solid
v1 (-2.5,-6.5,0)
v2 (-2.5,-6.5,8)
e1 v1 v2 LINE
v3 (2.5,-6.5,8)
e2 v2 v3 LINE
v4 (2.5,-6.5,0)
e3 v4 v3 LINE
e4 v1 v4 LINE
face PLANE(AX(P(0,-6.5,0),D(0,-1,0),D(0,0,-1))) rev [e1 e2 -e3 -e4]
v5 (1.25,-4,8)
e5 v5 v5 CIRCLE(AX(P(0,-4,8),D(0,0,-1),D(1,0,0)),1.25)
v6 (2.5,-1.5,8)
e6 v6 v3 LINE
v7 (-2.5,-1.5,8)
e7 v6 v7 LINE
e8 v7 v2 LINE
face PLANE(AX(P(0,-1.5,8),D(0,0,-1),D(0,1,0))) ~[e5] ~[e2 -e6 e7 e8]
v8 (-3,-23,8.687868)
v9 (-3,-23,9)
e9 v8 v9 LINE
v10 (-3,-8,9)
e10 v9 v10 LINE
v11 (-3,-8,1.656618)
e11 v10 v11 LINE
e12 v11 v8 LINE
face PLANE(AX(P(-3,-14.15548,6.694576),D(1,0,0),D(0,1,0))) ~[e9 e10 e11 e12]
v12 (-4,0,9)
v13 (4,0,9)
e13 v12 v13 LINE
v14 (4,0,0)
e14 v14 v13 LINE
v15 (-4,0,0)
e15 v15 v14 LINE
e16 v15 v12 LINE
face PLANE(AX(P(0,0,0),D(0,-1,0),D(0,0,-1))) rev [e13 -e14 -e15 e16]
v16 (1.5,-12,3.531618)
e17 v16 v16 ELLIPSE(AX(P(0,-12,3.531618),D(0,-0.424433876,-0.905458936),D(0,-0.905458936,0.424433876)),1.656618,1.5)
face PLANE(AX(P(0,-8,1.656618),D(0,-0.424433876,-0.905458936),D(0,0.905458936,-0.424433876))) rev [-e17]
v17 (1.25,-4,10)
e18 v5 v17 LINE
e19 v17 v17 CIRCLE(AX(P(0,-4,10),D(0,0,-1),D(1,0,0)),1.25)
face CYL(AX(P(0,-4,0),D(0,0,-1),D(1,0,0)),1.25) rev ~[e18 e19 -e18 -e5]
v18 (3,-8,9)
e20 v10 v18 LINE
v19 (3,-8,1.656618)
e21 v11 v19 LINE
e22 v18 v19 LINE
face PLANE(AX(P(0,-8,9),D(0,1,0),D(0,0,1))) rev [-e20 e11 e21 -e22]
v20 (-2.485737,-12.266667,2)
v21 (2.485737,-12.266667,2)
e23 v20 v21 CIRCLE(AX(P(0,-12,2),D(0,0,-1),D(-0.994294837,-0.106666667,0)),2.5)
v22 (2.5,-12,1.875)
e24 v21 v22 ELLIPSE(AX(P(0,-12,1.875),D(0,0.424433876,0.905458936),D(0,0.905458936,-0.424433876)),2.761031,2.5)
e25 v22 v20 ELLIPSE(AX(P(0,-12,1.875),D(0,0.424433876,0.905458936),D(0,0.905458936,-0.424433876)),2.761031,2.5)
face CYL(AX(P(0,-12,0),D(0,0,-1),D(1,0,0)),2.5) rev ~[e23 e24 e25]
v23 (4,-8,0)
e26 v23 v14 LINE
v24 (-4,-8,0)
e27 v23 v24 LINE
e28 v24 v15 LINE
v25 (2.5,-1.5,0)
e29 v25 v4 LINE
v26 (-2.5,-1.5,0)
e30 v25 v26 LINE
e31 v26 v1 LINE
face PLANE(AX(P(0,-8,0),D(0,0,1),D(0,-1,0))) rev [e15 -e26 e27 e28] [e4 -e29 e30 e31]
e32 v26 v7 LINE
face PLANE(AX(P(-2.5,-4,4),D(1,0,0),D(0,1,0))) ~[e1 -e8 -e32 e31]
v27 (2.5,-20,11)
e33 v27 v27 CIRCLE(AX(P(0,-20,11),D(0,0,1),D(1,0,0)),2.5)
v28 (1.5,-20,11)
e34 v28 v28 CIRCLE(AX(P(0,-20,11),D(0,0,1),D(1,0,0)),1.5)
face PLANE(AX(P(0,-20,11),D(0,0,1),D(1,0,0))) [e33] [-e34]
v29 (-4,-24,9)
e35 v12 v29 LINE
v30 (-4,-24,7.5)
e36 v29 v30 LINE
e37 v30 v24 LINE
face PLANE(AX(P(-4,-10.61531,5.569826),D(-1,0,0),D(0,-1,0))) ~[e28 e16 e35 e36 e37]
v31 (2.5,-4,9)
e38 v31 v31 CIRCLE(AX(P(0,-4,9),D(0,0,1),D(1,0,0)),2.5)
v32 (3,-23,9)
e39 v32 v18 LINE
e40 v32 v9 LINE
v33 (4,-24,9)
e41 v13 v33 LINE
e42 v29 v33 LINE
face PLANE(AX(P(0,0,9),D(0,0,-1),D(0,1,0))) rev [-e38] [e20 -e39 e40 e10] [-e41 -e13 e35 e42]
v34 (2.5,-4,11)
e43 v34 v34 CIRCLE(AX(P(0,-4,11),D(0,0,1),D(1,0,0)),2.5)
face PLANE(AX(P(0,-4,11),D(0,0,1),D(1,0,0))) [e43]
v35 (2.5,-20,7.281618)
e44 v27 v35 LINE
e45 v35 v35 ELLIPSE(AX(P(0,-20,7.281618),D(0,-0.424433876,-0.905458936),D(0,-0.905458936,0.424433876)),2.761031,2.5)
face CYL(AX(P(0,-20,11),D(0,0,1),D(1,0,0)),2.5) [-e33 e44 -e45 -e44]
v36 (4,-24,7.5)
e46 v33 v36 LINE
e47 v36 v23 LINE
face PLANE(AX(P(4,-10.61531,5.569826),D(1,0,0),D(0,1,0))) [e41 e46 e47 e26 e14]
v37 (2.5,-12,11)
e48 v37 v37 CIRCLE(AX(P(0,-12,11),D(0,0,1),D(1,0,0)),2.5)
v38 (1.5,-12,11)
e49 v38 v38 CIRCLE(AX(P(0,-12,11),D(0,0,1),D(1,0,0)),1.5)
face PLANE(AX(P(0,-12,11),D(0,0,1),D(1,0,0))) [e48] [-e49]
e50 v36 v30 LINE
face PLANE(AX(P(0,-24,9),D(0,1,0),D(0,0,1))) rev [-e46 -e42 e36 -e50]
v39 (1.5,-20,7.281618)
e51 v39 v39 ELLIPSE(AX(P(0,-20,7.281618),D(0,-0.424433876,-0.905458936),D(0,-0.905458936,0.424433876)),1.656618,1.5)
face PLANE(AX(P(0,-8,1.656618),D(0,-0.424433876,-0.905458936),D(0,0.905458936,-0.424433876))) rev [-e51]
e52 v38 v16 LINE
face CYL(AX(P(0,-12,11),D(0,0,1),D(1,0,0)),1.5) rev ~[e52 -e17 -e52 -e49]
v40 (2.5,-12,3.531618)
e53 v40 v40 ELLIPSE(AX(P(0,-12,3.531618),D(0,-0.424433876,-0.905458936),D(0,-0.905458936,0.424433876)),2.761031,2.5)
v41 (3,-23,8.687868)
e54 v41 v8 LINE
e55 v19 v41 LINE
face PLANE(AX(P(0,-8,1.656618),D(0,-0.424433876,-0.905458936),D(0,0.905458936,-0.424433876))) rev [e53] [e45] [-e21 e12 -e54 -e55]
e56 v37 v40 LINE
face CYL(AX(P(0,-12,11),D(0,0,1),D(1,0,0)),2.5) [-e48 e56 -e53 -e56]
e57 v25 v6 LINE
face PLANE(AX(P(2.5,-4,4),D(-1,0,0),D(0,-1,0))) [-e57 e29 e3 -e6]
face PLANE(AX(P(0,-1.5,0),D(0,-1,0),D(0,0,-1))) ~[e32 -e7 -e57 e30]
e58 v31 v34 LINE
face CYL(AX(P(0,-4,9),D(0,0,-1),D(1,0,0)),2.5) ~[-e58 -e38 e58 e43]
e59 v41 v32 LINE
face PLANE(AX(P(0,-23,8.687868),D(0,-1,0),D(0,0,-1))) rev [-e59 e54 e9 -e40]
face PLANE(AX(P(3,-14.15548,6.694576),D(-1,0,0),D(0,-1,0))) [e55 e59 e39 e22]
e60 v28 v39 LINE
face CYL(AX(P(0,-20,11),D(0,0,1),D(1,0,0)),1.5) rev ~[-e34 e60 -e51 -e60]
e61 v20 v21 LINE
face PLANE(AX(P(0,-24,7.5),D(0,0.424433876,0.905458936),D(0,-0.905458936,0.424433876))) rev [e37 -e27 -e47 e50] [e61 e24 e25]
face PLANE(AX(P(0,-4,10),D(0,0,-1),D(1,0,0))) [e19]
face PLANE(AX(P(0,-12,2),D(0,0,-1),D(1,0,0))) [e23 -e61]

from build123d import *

# Parameters (mm, degrees)
F1_DEPTH  = 4
F3_DEPTH  = 3
F2_W      = 5
F2_H      = 8
F4_DEPTH  = 2.5
F6_R      = 2.5
F7_DEPTH  = 2
F8_R      = 1.25
F9_DEPTH  = 10
F10_R     = 2.5
F10_R_2   = 1.5
F12_R     = 2.5
F13_DEPTH = 2


with BuildPart() as f1:
    # F0 (on Right) → F1 (new body)
    with BuildSketch(Plane.YZ):
        Polygon((-8, 0), (0, 0), (0, 9), (-24, 9), (-24, 7.5), align=None)
    extrude(amount=F1_DEPTH)

    # F2 (on face) → F3 (cut)
    with BuildSketch(Plane(origin=(0, 0, 0), x_dir=(0, -1, 0), z_dir=(-1, 0, 0))):
        Polygon((23, 9), (8, 9), (8, 1.6566184732), (23, 8.6878684732), align=None)
    extrude(amount=-F3_DEPTH, mode=Mode.SUBTRACT)

    # F2 (on face) → F4 (cut)
    with BuildSketch(Plane(origin=(0, 0, 0), x_dir=(0, -1, 0), z_dir=(-1, 0, 0))):
        with Locations((4, 4)):
            Rectangle(F2_W, F2_H)
    extrude(amount=-F4_DEPTH, mode=Mode.SUBTRACT)

    # F5: F1 across face


with BuildPart() as f1_1:
    add(f1.part)
    add(f1.part.mirror(Plane(origin=(0, -9.4545581434, 4.8825876623), x_dir=(0, 1, 0), z_dir=(-1, 0, 0))))

    # F6 (on face) → F7 (join)
    with BuildSketch(Plane.XY.offset(9)):
        with Locations((0, -4)):
            Circle(F6_R)
    extrude(amount=F7_DEPTH)

    # F8 (on face) → F9 (cut)
    with BuildSketch(Plane(origin=(0, 0, 0), x_dir=(1, 0, 0), z_dir=(0, 0, -1))):
        with Locations((0, 4)):
            Circle(F8_R)
    extrude(amount=-F9_DEPTH, mode=Mode.SUBTRACT)

    # F10 (on face) → F11 (join, up to the next surface of F1)
    with BuildSketch(Plane.XY.offset(11)):
        with Locations((0, -12)):
            Circle(F10_R)
        with Locations((0, -12)):
            Circle(F10_R_2, mode=Mode.SUBTRACT)
        with Locations((0, -20)):
            Circle(F10_R)
        with Locations((0, -20)):
            Circle(F10_R_2, mode=Mode.SUBTRACT)
    extrude(until=Until.NEXT, dir=(0, 0, -1))

    # F12 (on face) → F13 (cut)
    with BuildSketch(Plane(origin=(0, 0, 0), x_dir=(1, 0, 0), z_dir=(0, 0, -1))):
        with Locations((0, 12)):
            Circle(F12_R)
    extrude(amount=-F13_DEPTH, mode=Mode.SUBTRACT)


solid = f1_1.part
